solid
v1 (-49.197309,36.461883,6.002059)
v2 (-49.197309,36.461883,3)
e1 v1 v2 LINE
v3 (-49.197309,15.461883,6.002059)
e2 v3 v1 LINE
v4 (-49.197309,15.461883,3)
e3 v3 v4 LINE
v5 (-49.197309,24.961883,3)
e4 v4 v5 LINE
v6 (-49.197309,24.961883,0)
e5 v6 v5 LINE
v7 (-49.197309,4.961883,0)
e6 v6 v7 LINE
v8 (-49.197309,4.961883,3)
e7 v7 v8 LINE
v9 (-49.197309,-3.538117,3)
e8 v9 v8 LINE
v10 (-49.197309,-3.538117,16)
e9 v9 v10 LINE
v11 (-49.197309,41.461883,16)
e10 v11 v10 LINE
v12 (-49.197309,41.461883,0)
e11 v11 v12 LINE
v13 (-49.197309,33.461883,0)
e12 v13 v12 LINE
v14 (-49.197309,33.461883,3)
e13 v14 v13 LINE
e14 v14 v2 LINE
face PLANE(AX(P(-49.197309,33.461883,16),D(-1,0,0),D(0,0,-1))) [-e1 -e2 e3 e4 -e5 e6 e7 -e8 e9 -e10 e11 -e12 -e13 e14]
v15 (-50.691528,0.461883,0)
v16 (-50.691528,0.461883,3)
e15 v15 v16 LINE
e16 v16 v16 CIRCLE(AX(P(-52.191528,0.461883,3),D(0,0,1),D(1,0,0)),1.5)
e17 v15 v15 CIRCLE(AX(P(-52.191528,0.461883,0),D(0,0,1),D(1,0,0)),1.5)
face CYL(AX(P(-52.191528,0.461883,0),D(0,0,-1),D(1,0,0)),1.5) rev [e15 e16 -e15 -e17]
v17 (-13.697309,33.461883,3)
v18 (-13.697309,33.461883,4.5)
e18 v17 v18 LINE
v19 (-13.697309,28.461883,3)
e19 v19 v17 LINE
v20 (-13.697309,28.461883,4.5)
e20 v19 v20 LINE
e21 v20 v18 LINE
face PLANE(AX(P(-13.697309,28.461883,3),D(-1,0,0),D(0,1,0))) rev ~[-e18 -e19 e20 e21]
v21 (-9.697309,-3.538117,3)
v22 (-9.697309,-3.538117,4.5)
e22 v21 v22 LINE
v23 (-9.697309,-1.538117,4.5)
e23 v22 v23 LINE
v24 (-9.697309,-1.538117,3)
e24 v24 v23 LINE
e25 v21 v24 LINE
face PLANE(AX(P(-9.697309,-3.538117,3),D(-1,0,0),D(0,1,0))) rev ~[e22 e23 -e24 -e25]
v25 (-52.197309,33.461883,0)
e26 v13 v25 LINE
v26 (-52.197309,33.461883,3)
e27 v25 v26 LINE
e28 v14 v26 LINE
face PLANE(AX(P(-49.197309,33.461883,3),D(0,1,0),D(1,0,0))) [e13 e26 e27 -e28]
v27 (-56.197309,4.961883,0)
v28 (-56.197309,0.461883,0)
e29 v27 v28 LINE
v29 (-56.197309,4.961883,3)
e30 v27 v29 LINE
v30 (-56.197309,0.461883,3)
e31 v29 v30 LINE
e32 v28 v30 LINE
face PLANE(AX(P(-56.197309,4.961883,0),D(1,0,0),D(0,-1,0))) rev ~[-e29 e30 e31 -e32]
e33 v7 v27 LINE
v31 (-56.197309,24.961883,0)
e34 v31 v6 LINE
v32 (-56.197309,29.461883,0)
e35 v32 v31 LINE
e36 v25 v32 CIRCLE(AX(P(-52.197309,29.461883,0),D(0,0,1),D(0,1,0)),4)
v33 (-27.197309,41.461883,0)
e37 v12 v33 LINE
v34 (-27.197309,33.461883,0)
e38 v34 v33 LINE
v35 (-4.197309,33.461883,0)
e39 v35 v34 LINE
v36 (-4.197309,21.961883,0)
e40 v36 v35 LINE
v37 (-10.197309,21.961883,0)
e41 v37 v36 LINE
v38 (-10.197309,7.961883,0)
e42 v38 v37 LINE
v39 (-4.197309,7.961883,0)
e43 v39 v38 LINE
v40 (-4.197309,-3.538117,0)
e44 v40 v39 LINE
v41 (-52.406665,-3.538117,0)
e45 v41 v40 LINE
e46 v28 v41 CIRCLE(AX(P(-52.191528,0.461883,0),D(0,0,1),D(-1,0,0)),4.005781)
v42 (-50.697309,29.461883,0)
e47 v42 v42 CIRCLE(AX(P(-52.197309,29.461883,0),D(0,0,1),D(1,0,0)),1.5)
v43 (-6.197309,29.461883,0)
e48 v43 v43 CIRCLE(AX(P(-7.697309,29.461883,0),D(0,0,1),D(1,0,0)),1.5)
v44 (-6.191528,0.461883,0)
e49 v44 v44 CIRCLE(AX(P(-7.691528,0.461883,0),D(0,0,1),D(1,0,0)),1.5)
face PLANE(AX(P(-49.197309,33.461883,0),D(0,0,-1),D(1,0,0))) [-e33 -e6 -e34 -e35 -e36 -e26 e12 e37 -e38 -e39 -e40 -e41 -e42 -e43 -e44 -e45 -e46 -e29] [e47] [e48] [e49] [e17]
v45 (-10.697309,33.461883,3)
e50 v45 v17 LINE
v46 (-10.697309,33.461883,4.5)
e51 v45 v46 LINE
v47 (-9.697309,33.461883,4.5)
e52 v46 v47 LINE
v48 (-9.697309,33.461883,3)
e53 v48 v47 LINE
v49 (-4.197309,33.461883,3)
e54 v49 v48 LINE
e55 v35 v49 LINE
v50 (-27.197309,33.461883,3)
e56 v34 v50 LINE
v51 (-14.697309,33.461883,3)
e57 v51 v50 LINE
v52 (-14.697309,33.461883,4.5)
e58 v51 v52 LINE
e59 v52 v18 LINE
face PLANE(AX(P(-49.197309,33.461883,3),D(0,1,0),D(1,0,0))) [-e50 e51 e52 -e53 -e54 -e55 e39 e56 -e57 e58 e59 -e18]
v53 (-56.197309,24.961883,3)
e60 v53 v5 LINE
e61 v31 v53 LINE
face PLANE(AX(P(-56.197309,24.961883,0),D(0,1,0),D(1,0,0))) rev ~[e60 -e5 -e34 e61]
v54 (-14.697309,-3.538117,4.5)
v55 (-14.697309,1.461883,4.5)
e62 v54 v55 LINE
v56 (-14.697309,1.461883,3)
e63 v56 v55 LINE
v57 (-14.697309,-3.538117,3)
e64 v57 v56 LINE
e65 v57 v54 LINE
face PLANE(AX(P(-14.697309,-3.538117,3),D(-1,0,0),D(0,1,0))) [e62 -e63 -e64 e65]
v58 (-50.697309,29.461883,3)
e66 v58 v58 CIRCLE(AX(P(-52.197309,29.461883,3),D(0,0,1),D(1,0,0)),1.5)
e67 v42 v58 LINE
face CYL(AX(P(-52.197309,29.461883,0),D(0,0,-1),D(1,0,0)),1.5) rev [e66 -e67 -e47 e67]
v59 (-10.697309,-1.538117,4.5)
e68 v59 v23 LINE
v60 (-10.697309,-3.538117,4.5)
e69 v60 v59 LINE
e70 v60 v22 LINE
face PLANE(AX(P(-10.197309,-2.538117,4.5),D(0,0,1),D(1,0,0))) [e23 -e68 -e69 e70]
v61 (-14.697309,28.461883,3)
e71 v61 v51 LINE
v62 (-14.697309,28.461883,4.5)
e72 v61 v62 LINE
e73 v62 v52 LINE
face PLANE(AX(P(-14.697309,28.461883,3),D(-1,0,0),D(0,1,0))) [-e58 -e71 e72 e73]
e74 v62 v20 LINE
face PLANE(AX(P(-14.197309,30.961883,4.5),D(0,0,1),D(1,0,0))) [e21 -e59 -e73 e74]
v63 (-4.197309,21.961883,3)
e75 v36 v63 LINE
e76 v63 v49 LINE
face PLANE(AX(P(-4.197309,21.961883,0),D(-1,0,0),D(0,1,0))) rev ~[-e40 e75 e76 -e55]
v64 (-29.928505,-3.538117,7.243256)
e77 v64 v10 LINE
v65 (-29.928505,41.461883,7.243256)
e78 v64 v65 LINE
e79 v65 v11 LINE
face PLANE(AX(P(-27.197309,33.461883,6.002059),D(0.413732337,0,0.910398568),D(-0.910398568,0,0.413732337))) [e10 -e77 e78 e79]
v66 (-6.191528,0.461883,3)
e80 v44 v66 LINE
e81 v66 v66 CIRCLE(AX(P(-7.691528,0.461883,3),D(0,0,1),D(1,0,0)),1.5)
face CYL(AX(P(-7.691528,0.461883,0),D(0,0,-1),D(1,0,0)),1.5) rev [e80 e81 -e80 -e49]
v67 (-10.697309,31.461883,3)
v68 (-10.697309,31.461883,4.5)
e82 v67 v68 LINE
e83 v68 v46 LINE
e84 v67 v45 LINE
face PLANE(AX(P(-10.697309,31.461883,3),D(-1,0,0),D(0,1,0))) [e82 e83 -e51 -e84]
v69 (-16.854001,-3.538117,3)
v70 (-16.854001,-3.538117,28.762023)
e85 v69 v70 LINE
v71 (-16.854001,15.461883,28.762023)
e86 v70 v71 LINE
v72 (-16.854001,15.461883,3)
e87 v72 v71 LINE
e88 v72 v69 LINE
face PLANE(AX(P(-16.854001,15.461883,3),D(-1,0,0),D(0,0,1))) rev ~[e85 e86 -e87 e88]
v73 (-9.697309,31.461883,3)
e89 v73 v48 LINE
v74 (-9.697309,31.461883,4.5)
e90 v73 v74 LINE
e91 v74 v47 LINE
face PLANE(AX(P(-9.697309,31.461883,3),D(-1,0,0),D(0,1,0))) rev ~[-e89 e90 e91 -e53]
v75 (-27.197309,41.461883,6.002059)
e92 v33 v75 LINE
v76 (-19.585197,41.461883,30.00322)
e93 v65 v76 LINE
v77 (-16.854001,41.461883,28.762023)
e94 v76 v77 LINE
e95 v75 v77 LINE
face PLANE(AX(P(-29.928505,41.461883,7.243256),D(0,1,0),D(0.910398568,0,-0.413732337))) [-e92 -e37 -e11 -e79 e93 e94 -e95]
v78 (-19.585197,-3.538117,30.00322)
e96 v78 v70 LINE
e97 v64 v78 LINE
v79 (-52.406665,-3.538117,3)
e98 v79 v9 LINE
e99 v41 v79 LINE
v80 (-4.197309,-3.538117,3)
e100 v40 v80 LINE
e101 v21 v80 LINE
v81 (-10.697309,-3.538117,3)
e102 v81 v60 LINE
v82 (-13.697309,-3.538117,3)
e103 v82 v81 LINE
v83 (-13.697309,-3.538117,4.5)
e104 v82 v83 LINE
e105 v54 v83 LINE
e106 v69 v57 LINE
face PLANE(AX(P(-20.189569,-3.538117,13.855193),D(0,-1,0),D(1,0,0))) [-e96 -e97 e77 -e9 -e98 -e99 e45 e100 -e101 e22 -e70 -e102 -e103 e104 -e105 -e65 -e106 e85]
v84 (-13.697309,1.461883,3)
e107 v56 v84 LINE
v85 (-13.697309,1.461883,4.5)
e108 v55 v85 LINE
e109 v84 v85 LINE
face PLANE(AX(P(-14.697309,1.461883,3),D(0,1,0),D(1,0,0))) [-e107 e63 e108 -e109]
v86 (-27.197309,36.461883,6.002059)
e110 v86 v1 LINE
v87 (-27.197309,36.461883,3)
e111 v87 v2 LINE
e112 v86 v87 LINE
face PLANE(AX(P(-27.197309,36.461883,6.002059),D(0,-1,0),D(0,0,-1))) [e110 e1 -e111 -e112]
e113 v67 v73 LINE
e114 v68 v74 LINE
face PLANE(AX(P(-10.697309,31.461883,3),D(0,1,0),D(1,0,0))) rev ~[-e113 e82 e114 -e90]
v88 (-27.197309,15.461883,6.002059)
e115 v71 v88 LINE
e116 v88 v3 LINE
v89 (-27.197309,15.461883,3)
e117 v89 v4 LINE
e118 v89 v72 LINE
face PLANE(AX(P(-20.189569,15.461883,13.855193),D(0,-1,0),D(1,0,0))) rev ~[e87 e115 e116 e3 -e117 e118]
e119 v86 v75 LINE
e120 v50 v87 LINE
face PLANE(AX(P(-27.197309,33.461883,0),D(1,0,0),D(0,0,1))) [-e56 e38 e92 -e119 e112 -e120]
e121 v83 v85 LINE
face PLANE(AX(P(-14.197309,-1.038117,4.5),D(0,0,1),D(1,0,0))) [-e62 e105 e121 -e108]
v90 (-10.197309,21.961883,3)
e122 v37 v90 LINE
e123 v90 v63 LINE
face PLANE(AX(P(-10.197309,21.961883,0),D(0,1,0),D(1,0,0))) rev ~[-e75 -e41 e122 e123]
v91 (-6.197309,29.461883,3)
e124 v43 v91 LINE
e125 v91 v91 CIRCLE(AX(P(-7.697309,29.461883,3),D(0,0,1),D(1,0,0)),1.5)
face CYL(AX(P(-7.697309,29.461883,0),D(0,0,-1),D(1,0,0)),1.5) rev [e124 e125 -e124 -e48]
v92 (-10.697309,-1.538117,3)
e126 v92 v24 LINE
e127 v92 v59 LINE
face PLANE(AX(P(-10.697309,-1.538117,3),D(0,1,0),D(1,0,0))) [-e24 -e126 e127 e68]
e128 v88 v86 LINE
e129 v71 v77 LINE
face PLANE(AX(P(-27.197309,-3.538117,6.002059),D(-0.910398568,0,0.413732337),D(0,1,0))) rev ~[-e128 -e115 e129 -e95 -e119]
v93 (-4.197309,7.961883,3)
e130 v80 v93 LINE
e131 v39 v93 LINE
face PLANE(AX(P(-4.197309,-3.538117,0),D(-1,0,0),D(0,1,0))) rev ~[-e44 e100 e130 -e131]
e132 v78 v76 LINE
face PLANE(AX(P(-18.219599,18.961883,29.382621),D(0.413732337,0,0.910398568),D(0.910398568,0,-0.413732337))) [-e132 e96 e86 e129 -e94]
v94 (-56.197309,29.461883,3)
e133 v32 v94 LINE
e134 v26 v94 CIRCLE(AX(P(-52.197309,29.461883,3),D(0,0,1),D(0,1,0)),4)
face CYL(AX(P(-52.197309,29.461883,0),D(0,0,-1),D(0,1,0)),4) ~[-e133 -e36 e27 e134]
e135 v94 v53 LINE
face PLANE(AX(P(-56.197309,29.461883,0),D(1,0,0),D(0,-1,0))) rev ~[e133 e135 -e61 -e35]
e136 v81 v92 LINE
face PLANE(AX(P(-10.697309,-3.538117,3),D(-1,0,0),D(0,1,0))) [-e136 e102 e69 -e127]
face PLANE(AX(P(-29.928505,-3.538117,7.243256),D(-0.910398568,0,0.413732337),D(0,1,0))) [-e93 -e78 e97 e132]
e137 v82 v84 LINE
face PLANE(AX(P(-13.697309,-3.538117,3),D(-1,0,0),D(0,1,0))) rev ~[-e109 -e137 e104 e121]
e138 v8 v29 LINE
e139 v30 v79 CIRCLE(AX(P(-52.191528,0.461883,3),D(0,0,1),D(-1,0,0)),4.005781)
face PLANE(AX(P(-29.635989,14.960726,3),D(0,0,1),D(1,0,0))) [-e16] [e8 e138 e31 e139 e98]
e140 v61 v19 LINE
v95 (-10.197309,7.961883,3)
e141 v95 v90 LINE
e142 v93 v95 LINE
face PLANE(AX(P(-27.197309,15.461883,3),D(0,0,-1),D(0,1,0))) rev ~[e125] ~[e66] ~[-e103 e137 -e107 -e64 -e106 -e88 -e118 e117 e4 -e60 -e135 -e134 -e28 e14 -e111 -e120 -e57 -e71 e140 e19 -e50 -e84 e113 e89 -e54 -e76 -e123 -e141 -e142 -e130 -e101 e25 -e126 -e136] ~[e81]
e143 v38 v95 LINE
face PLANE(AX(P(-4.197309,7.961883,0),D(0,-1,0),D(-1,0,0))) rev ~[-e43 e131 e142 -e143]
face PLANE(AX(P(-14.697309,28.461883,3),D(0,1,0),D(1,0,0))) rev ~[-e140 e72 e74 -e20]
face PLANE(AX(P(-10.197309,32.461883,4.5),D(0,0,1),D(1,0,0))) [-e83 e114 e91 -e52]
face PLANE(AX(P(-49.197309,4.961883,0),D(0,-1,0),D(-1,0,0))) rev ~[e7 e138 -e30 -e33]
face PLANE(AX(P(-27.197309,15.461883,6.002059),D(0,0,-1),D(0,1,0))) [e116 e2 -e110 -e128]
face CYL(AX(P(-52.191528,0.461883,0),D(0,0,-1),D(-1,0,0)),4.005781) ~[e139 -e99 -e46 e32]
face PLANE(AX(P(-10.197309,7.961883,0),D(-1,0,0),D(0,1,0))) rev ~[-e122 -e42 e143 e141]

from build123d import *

# Parameters (mm, degrees)
CROQUIS1_R              = 1.5
SALIENTE_EXTRUIR1_DEPTH = 3
CROQUIS3_W              = 22
CROQUIS3_H              = 37
SALIENTE_EXTRUIR2_DEPTH = 13
CORTAR_EXTRUIR1_START   = -37
CORTAR_EXTRUIR1_DEPTH   = 37
SALIENTE_EXTRUIR4_DEPTH = 8
CROQUIS7_W              = 3.002058729
CROQUIS7_H              = 21
CORTAR_EXTRUIR2_DEPTH   = 22
CROQUIS8_W              = 3
CROQUIS8_H              = 45
SALIENTE_EXTRUIR5_DEPTH = 25
SALIENTE_EXTRUIR6_START = -19
SALIENTE_EXTRUIR6_DEPTH = 19
CROQUIS13_W             = 1
CROQUIS13_H             = 2
CROQUIS13_H_2           = 5
SALIENTE_EXTRUIR8_DEPTH = 1.5


with BuildPart() as part:
    # Croquis1 → Saliente-Extruir1 (new body)
    with BuildSketch(Plane.XY):
        with BuildLine():
            Line((-4.197309417, 33.461883408), (-52.197309417, 33.461883408))
            ThreePointArc((-52.197309417, 33.461883408), (-55.025736542, 32.290310533), (-56.197309417, 29.461883408))
            Line((-56.197309417, 29.461883408), (-56.197309417, 24.961883408))
            Line((-56.197309417, 24.961883408), (-49.197309417, 24.961883408))
            Line((-49.197309417, 24.961883408), (-49.197309417, 4.961883408))
            Line((-49.197309417, 4.961883408), (-56.197309417, 4.961883408))
            Line((-56.197309417, 4.961883408), (-56.197309417, 0.461883408))
            ThreePointArc((-56.197309417, 0.461883408), (-55.099110766, -2.293519818), (-52.406664651, -3.538116592))
            Line((-52.406664651, -3.538116592), (-4.197309417, -3.538116592))
            Line((-4.197309417, -3.538116592), (-4.197309417, 7.961883408))
            Line((-4.197309417, 7.961883408), (-10.197309417, 7.961883408))
            Line((-10.197309417, 7.961883408), (-10.197309417, 21.961883408))
            Line((-10.197309417, 21.961883408), (-4.197309417, 21.961883408))
            Line((-4.197309417, 21.961883408), (-4.197309417, 33.461883408))
        make_face()
        with Locations((-52.19152813, 0.461883408)):
            Circle(CROQUIS1_R, mode=Mode.SUBTRACT)
        with Locations((-7.69152813, 0.461883408)):
            Circle(CROQUIS1_R, mode=Mode.SUBTRACT)
        with Locations((-52.197309417, 29.461883408)):
            Circle(CROQUIS1_R, mode=Mode.SUBTRACT)
        with Locations((-7.697309417, 29.461882832)):
            Circle(CROQUIS1_R, mode=Mode.SUBTRACT)
    extrude(amount=SALIENTE_EXTRUIR1_DEPTH)

    # Croquis3 → Saliente-Extruir2 (add)
    with BuildSketch(Plane.XY.offset(3)):
        with Locations((-38.197309417, 14.961883408)):
            Rectangle(CROQUIS3_W, CROQUIS3_H)
    extrude(amount=SALIENTE_EXTRUIR2_DEPTH)

    # Croquis4 → Cortar-Extruir1 (cut)
    with BuildSketch(Plane.XZ.offset(3.538116592).offset(CORTAR_EXTRUIR1_START)):
        Polygon((-27.197309417, 16), (-27.197309417, 6.002058729), (-49.197309417, 16), align=None)
    extrude(amount=CORTAR_EXTRUIR1_DEPTH, mode=Mode.SUBTRACT)

    # Croquis6 → Saliente-Extruir4 (add)
    with BuildSketch(Plane(origin=(0, 33.461883408, 0), x_dir=(1, 0, 0), z_dir=(0, 1, 0))):
        Polygon((-27.197309417, -6.002058729), (-49.197309417, -16), (-49.197309417, 0), (-27.197309417, 0), align=None)
    extrude(amount=SALIENTE_EXTRUIR4_DEPTH)

    # Croquis7 → Cortar-Extruir2 (cut)
    with BuildSketch(Plane(origin=(-27.197309417, 0, 0), x_dir=(0, 0, -1), z_dir=(1, 0, 0))):
        with Locations((-4.501029365, 25.961883408)):
            Rectangle(CROQUIS7_W, CROQUIS7_H)
    extrude(amount=-CORTAR_EXTRUIR2_DEPTH, mode=Mode.SUBTRACT)

    # Croquis8 → Saliente-Extruir5 (add)
    with BuildSketch(Plane(origin=(-2.394740987, 0, -5.269515022), x_dir=(0.9103985682863143, 0, -0.4137323372208525), z_dir=(0.4137323372208525, 0, 0.9103985682863143))):
        with Locations((-28.743637341, 18.961883408)):
            Rectangle(CROQUIS8_W, CROQUIS8_H)
    extrude(amount=SALIENTE_EXTRUIR5_DEPTH)

    # Croquis9 → Saliente-Extruir6 (add)
    with BuildSketch(Plane.XZ.offset(3.538116592).offset(SALIENTE_EXTRUIR6_START)):
        Polygon((-16.854000987, 28.762022936), (-27.197309417, 6.002058729), (-27.197309417, 3), (-16.854000987, 3), align=None)
    extrude(amount=SALIENTE_EXTRUIR6_DEPTH)

    # Croquis13 → Saliente-Extruir8 (add)
    with BuildSketch(Plane.XY.offset(3)):
        with Locations((-10.197309417, -2.538116592)):
            Rectangle(CROQUIS13_W, CROQUIS13_H)
        with Locations((-10.197309417, 32.461883408)):
            Rectangle(CROQUIS13_W, CROQUIS13_H)
        with Locations((-14.197309417, 30.961883408)):
            Rectangle(CROQUIS13_W, CROQUIS13_H_2)
        with Locations((-14.197309417, -1.038116592)):
            Rectangle(CROQUIS13_W, CROQUIS13_H_2)
    extrude(amount=SALIENTE_EXTRUIR8_DEPTH)


solid = part.part
